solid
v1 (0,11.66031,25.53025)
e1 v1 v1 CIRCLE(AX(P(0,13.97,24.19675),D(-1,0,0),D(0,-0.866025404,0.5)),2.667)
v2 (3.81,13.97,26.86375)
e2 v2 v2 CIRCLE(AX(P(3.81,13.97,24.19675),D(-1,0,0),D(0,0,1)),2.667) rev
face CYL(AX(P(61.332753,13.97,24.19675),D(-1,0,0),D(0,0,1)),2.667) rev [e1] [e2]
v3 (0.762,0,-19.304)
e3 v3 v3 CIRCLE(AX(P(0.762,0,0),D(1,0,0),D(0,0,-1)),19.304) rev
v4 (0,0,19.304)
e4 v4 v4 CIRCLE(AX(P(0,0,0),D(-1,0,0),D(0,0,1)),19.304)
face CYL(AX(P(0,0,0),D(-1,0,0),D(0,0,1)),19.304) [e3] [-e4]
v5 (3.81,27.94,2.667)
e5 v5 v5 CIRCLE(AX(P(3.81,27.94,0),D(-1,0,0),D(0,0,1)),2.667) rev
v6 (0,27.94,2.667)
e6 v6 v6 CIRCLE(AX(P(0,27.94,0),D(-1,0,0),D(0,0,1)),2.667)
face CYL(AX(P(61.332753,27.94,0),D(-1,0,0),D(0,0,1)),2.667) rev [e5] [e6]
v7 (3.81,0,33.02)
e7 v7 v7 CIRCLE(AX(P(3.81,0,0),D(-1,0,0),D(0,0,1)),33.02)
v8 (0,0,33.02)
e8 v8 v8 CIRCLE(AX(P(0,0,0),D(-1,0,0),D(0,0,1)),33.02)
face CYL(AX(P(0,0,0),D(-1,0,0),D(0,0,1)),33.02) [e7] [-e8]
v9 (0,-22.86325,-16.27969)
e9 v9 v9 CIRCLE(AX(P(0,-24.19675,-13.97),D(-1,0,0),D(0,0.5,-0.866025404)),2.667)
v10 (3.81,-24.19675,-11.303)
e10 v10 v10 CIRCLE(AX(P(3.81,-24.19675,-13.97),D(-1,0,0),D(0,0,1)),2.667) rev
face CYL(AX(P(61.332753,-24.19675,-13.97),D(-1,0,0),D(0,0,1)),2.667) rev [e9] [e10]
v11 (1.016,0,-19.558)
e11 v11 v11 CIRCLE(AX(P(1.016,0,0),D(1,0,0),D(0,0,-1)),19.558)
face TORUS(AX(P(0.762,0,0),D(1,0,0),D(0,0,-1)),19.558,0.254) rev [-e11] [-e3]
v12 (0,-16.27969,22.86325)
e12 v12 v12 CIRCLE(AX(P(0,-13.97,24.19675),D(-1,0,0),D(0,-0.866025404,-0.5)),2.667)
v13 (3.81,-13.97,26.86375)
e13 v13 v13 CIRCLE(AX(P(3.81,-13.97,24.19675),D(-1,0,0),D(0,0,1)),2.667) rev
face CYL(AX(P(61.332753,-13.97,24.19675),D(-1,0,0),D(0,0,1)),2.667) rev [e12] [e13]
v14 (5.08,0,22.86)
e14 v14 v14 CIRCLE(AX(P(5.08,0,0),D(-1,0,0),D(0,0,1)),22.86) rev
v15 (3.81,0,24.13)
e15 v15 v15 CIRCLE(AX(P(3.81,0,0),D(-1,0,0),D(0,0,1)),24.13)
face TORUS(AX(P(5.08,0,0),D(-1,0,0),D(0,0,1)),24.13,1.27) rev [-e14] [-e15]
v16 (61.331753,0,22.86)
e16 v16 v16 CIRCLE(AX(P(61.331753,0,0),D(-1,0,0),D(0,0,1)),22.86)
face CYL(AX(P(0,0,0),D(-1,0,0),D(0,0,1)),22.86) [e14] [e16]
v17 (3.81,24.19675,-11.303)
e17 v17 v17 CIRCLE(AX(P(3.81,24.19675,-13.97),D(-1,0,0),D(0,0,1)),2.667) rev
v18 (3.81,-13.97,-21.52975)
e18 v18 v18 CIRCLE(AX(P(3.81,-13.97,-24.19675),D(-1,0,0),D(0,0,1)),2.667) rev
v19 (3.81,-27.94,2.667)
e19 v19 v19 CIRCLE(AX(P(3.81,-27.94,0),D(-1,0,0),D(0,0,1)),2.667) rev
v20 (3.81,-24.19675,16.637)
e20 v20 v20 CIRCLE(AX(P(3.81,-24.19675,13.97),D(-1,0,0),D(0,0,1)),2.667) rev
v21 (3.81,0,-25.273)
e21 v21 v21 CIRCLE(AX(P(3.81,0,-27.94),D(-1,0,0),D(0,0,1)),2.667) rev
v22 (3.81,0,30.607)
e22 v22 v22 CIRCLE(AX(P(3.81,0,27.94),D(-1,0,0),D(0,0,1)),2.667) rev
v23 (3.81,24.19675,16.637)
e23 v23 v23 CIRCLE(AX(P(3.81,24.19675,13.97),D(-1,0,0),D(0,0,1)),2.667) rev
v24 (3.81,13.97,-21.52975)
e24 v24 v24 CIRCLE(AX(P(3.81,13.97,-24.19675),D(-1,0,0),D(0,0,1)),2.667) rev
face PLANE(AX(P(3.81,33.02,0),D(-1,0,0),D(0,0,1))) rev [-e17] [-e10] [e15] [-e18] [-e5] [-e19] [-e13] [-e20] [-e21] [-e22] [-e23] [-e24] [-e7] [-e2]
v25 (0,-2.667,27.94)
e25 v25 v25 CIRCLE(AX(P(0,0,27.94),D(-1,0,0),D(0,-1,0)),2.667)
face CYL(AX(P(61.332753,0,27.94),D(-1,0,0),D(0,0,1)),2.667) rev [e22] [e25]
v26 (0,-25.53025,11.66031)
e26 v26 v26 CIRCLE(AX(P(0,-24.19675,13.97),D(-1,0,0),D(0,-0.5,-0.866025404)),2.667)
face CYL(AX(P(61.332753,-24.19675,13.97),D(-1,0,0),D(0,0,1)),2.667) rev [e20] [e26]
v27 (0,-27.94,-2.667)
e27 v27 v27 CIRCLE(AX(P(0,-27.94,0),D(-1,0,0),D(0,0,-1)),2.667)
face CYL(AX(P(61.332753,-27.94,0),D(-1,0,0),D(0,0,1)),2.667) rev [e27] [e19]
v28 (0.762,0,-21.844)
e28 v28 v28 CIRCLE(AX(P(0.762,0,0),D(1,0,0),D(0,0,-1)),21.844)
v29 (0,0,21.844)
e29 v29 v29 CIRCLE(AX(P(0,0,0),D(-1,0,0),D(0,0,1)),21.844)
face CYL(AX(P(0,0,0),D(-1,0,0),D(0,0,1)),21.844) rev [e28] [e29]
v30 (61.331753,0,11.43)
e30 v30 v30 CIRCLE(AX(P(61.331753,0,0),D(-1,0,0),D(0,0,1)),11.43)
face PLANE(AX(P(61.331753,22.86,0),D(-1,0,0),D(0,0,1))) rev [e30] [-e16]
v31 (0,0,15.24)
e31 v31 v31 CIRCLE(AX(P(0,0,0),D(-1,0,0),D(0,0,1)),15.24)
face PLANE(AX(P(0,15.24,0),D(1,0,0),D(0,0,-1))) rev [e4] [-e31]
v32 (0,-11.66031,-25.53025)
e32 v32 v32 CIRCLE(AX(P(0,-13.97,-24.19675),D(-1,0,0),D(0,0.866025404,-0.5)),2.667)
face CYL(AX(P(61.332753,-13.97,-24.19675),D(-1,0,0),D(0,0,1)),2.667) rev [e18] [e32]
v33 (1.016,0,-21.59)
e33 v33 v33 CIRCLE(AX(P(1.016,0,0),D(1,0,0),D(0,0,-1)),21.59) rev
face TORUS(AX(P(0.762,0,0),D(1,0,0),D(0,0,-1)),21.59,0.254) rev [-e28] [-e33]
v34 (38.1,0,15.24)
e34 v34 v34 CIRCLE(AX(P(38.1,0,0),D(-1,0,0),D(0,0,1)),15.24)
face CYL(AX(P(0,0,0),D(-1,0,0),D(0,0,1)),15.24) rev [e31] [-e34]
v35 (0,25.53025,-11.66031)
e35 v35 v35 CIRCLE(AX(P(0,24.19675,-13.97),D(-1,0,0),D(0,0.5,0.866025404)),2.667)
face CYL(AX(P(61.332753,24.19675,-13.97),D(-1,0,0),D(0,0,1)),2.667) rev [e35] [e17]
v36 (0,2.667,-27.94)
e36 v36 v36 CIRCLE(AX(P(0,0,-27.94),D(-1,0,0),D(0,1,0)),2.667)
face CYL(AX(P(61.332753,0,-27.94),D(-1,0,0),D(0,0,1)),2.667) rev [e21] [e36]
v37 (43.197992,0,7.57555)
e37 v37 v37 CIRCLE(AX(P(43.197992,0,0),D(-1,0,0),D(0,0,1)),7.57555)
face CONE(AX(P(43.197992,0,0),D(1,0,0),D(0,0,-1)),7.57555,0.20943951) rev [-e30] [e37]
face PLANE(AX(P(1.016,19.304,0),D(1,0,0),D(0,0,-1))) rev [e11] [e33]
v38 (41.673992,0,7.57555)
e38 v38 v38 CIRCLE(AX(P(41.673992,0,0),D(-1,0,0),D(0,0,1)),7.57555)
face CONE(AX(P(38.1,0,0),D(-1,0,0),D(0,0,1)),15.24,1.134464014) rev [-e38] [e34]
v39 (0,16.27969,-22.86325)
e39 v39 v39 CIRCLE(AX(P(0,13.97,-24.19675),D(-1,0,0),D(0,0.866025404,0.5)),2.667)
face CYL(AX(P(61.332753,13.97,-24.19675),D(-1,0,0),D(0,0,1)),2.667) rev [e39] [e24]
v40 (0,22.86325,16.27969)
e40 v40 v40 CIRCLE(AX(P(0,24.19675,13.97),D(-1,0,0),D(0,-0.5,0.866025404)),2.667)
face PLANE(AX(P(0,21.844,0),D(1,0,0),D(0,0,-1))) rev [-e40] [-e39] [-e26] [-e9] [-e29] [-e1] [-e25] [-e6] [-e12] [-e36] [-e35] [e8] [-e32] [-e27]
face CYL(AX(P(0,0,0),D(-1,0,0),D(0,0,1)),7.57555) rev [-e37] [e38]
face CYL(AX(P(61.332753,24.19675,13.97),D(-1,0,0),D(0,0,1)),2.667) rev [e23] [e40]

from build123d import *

# Parameters (mm, degrees)
FILLET1_R          = 1.27
SKETCH2_R          = 2.667
CUT_EXTRUDE1_DEPTH = 3.81
CIRPATTERN1_COUNT  = 12
FILLET2_R          = 0.254


with BuildPart() as part:
    # Chamber Revolve → Revolve1 (revolve)
    with BuildSketch(Plane.XY):
        Polygon((3.81, 22.86), (61.331753256, 22.86), (61.331753256, 11.43), (43.197991731, 7.57555), (41.673991731, 7.57555), (38.1, 15.24), (0, 15.24), (0, 19.304), (1.016, 19.304), (1.016, 21.844), (0, 21.844), (0, 33.02), (3.81, 33.02), align=None)
    revolve(axis=Axis((0, 0, 0), (1, 0, 0)))

    # Fillet1
    fillet1_edges = [part.edges().sort_by_distance(p)[0] for p in [
        (3.81, -22.86, 0),
    ]]
    fillet(fillet1_edges, radius=FILLET1_R)

    # Sketch2 → Cut-Extrude1 (cut)
    with BuildSketch(Plane.ZY):
        with Locations((0, 27.94)):
            Circle(SKETCH2_R)
    cut_extrude1 = extrude(amount=-CUT_EXTRUDE1_DEPTH, mode=Mode.SUBTRACT)

    # CirPattern1: Cut-Extrude1 ×12 about axis
    cirpattern1_axis = Axis((0, 0, 0), (1, 0, 0))
    for i in range(1, CIRPATTERN1_COUNT):
        add(cut_extrude1.rotate(cirpattern1_axis, i * 360 / CIRPATTERN1_COUNT), mode=Mode.SUBTRACT)

    # Fillet2
    fillet2_edges = [part.edges().sort_by_distance(p)[0] for p in [
        (1.016, -19.304, 0),
        (1.016, -21.844, 0),
    ]]
    fillet(fillet2_edges, radius=FILLET2_R)


solid = part.part
